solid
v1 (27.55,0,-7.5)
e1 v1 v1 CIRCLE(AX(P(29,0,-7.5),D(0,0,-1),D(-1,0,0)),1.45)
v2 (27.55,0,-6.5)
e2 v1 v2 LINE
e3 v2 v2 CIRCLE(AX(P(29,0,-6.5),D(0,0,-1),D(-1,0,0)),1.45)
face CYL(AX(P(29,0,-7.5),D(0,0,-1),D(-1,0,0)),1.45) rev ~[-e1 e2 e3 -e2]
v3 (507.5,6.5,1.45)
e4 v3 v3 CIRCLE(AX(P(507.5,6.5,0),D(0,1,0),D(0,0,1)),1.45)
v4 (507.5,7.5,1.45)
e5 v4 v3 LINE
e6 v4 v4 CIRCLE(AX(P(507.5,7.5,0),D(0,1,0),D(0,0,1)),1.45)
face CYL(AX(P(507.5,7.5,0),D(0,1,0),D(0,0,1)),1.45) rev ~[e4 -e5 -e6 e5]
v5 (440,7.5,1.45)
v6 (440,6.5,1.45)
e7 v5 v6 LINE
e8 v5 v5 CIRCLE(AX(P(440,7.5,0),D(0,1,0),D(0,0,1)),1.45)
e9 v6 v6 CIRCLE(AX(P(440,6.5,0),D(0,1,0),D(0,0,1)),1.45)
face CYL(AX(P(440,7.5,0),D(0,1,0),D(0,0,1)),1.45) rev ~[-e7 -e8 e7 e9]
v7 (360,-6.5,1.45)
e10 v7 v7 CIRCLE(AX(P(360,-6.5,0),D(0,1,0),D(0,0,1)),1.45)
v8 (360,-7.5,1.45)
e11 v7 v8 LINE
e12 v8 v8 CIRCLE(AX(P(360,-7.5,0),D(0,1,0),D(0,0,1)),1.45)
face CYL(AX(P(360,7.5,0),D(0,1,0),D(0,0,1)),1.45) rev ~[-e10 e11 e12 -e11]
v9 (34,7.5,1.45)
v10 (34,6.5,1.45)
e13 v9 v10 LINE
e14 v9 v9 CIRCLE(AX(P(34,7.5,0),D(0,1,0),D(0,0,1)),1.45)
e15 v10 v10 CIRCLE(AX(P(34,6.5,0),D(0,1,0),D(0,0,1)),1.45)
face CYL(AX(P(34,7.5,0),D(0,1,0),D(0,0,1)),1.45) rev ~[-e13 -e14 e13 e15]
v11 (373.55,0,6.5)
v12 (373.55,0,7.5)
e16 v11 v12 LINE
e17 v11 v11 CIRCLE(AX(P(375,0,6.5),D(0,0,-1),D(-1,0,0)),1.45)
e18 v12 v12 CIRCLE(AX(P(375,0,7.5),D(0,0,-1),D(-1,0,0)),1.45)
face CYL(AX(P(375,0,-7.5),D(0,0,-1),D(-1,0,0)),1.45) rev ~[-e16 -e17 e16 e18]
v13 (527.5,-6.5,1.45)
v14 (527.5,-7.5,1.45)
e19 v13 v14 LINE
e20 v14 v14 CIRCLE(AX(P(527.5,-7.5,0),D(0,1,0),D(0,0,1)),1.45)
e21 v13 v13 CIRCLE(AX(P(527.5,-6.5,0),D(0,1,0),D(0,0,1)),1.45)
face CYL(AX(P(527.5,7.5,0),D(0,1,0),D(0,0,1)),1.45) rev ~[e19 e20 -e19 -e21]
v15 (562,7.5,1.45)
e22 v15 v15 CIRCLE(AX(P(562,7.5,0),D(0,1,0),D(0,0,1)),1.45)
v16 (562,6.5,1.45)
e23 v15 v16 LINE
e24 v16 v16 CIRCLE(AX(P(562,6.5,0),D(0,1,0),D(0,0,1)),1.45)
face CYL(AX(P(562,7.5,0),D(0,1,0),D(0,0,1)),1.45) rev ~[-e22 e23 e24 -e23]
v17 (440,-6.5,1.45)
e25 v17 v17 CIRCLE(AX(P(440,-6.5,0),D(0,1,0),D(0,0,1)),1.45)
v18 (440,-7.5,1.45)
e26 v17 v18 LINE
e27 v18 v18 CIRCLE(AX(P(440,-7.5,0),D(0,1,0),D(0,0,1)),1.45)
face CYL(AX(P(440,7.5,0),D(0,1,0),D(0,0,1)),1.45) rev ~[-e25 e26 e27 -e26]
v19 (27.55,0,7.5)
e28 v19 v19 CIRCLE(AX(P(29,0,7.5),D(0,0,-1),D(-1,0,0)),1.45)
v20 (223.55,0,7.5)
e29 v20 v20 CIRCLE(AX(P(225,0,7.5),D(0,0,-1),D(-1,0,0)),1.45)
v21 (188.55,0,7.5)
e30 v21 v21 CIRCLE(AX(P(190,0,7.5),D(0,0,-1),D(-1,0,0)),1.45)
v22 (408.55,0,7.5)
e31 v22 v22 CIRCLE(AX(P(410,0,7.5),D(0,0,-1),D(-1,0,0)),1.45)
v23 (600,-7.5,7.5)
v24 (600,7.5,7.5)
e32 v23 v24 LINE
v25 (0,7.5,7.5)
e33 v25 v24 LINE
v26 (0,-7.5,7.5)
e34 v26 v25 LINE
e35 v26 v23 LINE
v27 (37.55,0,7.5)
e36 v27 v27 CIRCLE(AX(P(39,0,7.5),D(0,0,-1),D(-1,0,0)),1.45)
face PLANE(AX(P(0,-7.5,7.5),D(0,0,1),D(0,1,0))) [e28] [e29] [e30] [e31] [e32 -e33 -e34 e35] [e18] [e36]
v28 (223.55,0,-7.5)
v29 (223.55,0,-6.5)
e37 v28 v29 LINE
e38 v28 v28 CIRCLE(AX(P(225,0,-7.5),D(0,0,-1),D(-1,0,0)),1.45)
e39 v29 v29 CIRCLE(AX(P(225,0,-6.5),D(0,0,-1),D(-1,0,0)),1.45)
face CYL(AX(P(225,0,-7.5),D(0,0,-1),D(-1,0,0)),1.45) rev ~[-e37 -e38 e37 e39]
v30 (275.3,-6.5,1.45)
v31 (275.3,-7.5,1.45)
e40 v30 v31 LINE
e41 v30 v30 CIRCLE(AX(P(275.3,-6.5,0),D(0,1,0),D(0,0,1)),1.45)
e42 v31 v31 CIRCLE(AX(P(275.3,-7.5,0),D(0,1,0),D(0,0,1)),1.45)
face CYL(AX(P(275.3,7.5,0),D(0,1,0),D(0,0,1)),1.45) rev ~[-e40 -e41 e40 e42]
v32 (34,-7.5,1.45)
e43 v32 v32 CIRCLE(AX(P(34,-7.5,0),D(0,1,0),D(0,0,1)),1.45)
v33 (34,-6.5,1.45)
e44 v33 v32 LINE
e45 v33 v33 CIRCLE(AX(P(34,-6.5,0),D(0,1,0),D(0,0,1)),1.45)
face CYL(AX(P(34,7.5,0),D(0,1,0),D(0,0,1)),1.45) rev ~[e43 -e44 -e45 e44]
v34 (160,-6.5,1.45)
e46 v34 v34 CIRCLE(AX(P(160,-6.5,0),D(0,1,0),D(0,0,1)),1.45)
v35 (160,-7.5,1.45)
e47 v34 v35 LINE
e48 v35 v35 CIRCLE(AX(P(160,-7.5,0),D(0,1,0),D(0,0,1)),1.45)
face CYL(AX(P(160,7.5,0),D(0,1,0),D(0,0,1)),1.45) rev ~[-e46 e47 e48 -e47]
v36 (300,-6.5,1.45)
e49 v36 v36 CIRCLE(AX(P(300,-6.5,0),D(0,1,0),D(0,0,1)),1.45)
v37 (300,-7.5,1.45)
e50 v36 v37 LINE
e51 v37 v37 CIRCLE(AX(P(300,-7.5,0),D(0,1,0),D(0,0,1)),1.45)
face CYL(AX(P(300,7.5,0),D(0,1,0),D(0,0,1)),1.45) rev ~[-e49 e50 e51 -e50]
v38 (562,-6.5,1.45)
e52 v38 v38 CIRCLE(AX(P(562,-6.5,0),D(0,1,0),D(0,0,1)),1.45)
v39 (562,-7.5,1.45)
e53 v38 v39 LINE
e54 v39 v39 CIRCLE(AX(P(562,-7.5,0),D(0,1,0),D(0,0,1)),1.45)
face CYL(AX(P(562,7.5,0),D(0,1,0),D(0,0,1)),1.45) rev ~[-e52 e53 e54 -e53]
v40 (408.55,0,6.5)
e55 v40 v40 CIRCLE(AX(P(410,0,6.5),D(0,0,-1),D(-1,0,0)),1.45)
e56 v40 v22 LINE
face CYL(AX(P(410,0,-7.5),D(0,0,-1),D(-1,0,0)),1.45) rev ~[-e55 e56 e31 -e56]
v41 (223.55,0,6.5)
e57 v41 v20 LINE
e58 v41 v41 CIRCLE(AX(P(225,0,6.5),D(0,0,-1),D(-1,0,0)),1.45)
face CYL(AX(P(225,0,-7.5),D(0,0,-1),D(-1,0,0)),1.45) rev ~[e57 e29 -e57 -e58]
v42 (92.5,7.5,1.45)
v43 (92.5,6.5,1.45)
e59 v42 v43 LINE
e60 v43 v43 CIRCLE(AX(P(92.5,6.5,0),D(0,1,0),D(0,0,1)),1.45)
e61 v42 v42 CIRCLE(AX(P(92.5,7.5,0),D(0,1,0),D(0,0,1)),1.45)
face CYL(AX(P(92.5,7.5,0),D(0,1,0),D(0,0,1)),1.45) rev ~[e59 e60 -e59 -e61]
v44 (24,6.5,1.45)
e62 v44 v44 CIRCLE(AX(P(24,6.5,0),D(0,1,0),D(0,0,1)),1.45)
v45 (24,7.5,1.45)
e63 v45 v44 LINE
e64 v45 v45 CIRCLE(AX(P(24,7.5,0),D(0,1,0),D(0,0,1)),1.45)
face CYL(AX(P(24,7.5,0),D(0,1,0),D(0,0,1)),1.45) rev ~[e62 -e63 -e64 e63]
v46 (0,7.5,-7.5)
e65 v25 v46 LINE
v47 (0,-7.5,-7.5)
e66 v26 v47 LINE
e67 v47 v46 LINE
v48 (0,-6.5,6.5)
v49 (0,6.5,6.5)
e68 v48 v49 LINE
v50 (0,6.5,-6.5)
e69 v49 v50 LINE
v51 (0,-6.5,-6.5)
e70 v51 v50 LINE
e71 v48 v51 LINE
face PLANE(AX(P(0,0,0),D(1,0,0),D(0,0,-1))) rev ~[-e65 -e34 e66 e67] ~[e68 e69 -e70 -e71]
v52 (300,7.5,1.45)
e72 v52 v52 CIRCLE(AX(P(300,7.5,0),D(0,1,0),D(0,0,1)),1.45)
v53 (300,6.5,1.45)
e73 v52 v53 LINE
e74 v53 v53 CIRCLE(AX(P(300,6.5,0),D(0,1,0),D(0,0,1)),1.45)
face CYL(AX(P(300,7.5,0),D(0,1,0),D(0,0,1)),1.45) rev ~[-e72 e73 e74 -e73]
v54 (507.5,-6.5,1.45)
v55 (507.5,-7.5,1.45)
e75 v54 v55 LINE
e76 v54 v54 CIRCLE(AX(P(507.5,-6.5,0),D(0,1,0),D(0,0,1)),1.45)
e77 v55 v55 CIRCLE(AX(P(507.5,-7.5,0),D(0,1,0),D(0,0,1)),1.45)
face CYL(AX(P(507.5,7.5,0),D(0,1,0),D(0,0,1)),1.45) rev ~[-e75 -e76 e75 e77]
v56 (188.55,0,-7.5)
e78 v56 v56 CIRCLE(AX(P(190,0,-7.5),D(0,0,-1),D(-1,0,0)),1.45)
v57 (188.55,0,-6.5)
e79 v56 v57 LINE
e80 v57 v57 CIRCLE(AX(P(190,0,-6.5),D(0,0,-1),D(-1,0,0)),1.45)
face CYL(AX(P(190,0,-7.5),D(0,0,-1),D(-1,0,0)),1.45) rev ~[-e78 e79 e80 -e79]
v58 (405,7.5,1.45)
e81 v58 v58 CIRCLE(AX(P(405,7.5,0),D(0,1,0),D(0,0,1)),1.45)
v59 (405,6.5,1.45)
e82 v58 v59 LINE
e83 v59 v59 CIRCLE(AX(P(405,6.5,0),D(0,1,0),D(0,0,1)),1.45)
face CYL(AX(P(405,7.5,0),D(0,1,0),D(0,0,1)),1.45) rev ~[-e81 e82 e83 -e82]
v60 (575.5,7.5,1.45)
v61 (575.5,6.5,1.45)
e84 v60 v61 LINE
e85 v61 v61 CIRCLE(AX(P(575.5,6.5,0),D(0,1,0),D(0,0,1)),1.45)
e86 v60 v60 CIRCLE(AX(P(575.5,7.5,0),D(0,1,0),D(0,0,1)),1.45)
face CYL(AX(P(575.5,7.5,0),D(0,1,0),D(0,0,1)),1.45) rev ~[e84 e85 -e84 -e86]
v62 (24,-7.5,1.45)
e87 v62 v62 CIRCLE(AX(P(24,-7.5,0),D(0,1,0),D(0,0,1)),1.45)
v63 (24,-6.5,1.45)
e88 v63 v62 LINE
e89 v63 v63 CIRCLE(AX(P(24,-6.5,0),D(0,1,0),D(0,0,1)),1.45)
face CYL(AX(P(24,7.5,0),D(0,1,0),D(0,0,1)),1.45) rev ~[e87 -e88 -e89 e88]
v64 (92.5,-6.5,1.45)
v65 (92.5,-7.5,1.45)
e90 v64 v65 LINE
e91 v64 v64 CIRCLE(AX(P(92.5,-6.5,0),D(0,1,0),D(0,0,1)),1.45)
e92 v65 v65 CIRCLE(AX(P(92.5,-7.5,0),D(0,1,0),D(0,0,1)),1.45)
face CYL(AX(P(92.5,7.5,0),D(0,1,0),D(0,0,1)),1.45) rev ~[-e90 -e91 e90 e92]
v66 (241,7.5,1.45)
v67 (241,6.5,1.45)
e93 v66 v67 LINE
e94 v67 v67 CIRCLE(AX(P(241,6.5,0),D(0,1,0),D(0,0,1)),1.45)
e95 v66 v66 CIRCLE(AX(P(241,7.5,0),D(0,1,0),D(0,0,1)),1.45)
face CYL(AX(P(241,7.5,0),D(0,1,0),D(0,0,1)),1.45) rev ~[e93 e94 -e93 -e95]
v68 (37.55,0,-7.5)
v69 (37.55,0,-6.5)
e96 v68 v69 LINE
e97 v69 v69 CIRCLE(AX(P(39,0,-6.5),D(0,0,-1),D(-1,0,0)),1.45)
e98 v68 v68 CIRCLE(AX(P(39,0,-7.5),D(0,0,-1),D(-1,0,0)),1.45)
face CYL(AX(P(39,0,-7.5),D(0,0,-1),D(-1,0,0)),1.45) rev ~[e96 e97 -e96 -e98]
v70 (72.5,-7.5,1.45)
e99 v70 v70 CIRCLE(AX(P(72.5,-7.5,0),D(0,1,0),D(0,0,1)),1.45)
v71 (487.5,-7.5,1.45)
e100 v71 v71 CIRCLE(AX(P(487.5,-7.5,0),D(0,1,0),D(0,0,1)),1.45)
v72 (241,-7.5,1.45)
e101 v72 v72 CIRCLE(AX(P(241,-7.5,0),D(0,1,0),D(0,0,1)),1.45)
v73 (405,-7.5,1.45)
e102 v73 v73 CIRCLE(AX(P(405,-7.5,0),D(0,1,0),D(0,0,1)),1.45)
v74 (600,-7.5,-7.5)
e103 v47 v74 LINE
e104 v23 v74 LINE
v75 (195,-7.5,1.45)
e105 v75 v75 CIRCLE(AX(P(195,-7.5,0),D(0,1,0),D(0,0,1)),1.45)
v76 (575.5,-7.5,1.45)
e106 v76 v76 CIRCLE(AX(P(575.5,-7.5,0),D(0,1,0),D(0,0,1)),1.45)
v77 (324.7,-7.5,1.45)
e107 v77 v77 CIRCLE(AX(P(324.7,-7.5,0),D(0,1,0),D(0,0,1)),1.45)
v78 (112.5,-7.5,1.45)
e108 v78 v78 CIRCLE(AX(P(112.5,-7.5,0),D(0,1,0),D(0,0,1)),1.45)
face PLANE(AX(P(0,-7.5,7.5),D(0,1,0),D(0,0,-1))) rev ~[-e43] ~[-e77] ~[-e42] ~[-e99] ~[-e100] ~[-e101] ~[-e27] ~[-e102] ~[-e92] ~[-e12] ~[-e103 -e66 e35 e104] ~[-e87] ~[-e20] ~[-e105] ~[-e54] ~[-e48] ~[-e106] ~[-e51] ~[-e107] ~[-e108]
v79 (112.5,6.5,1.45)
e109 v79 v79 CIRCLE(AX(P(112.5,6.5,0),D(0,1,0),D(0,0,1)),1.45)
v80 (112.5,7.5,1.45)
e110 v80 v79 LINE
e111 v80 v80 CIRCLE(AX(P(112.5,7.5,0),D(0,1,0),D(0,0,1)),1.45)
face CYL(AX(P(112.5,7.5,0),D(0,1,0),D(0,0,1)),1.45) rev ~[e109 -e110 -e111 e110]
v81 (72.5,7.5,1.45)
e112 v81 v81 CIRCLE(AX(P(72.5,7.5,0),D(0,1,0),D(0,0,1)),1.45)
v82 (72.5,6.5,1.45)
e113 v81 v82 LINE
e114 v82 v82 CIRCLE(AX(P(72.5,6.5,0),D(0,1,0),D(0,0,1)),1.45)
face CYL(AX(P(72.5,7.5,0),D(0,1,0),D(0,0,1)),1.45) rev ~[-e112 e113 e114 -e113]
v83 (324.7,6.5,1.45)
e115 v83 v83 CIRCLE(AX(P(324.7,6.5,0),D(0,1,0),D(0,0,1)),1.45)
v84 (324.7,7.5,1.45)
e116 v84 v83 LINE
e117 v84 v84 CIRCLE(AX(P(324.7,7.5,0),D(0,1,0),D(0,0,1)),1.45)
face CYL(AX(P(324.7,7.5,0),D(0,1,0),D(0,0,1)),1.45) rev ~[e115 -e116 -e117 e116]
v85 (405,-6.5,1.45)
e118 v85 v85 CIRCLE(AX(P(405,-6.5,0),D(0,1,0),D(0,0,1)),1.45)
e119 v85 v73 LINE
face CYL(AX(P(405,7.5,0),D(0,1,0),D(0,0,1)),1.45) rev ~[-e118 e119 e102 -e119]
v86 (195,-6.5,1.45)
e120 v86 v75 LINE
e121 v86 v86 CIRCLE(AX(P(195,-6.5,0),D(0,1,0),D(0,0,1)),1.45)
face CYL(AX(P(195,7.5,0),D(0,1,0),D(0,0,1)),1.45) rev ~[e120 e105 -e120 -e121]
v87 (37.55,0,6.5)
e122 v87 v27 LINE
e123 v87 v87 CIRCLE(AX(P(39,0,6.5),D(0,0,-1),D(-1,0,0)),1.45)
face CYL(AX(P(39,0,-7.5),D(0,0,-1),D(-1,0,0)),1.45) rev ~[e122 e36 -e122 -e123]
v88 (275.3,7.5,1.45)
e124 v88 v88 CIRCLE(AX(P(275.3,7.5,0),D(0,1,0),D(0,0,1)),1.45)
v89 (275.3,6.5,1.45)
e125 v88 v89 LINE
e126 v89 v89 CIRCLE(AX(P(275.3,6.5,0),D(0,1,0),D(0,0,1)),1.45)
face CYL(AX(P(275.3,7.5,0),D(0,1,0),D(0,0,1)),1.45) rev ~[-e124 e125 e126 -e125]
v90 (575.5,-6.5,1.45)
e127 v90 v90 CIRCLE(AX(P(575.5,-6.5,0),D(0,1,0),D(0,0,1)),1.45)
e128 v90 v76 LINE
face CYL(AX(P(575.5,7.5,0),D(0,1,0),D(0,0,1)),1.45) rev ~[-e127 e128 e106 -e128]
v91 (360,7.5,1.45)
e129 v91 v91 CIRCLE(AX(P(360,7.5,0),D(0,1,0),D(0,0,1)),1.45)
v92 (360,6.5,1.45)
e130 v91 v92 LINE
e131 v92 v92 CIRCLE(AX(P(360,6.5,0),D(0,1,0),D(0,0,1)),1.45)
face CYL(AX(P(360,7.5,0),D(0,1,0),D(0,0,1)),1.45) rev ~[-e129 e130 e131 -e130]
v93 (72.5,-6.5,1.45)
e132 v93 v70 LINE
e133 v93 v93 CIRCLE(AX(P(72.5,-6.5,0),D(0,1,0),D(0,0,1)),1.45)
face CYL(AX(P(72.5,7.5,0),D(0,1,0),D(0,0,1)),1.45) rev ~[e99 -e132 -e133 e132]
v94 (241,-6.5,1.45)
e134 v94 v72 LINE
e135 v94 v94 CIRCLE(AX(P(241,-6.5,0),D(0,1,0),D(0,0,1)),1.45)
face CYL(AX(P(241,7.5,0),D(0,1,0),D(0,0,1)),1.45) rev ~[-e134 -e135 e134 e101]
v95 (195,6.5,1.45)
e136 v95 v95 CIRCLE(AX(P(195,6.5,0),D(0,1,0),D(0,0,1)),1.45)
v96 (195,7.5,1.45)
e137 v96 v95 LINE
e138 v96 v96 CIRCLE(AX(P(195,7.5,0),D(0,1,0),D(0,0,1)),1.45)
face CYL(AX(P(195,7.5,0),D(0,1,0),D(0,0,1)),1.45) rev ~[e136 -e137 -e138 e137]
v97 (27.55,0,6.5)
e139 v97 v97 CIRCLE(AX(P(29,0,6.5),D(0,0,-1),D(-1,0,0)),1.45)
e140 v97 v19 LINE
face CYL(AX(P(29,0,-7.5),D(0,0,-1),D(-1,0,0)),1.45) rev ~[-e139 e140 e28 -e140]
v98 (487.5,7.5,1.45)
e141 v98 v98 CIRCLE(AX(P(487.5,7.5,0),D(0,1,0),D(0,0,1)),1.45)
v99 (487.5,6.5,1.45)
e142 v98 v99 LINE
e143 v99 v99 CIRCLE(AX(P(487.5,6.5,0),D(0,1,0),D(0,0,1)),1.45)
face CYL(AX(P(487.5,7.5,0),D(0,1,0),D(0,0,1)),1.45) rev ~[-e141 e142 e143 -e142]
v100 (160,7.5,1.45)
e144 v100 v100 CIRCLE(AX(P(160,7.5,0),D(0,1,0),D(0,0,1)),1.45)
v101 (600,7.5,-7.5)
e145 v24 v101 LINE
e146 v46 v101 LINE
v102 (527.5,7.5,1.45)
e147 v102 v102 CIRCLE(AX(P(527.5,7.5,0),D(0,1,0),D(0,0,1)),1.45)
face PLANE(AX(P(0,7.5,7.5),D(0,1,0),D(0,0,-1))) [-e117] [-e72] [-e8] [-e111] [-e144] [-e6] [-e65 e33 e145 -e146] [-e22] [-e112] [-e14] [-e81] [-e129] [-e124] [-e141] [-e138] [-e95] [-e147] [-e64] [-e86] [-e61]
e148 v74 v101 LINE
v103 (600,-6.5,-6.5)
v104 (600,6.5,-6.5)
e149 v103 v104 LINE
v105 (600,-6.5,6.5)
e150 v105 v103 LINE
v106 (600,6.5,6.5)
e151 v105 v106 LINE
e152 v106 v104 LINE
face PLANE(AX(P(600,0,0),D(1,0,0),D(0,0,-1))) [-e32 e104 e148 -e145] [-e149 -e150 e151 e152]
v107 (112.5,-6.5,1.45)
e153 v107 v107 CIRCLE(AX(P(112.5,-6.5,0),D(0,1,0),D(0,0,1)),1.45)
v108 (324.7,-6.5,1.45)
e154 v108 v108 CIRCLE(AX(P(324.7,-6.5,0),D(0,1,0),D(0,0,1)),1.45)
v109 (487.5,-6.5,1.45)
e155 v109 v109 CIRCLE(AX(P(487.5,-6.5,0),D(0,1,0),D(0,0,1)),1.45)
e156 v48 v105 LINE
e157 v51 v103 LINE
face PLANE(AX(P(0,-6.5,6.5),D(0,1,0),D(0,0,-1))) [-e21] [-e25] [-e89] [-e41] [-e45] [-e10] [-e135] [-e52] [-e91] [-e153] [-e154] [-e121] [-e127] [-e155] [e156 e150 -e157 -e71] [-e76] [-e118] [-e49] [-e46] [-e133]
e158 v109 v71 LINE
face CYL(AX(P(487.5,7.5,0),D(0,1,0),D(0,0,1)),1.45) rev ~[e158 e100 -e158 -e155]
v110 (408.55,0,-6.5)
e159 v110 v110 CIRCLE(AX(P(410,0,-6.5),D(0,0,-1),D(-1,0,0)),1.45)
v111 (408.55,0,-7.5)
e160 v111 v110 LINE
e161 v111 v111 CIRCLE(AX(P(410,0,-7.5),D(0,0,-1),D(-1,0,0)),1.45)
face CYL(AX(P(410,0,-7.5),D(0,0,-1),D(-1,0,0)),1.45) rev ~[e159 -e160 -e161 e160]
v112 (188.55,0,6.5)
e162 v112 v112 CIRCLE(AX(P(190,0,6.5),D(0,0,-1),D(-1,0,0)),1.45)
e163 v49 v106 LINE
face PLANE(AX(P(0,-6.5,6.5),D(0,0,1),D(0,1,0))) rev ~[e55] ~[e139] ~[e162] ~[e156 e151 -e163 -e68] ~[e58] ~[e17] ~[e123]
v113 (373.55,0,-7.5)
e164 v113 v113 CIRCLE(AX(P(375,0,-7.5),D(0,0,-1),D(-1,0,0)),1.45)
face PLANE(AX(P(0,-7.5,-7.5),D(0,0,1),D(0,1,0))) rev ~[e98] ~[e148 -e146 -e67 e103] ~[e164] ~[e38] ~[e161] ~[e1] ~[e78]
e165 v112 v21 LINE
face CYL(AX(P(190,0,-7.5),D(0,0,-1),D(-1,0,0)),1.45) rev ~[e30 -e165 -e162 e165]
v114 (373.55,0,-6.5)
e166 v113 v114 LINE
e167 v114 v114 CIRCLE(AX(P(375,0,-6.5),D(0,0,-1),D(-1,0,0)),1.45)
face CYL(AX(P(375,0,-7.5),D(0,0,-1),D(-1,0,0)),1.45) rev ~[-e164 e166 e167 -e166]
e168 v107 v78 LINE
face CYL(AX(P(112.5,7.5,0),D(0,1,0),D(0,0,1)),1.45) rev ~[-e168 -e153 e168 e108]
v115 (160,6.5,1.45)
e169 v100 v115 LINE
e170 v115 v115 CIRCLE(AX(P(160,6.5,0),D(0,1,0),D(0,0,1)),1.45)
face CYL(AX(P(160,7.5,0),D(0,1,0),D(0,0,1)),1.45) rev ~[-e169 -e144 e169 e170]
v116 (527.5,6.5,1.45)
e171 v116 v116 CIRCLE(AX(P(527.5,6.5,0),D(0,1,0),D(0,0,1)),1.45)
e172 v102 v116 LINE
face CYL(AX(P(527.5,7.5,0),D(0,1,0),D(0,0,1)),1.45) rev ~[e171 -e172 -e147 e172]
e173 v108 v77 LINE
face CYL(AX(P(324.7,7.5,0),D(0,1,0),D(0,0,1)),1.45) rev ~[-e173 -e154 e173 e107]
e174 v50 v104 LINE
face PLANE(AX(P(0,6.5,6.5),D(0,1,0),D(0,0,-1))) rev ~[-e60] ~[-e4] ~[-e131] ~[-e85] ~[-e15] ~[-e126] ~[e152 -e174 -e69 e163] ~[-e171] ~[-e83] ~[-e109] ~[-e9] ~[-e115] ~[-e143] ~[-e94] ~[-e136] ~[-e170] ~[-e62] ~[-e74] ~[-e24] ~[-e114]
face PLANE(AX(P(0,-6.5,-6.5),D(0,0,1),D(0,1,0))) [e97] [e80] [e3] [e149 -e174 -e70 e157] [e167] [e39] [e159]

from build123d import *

# Parameters (mm, degrees)
SKETCH_1_W          = 15
SKETCH_1_H          = 15
SKETCH_1_W_2        = 13
SKETCH_1_H_2        = 13
EXTRUDE_1_DEPTH     = 600
SKETCH_2_R          = 1.45
CUT_EXTRUDE_1_DEPTH = 601.234329242
SKETCH_3_R          = 1.45
CUT_EXTRUDE_2_DEPTH = 601.234329242


with BuildPart() as part:
    # 草图1 → 凸台-拉伸1 (new body)
    with BuildSketch(Plane(origin=(0, 0, 0), x_dir=(0, 0, -1), z_dir=(1, 0, 0))):
        Rectangle(SKETCH_1_W, SKETCH_1_H)
        Rectangle(SKETCH_1_W_2, SKETCH_1_H_2, mode=Mode.SUBTRACT)
    extrude(amount=EXTRUDE_1_DEPTH)

    # 草图2 → 切除-拉伸1 (cut, through all)
    with BuildSketch(Plane(origin=(0, 7.5, 0), x_dir=(1, 0, 0), z_dir=(0, 1, 0))):
        with Locations(Location((487.5, 0, 0), (0, 0, 270))):
            Circle(SKETCH_2_R)
        with Locations(Location((507.5, 0, 0), (0, 0, 270))):
            Circle(SKETCH_2_R)
        with Locations(Location((527.5, 0, 0), (0, 0, 270))):
            Circle(SKETCH_2_R)
        with Locations(Location((72.5, 0, 0), (0, 0, 270))):
            Circle(SKETCH_2_R)
        with Locations(Location((92.5, 0, 0), (0, 0, 270))):
            Circle(SKETCH_2_R)
        with Locations(Location((112.5, 0, 0), (0, 0, 270))):
            Circle(SKETCH_2_R)
        with Locations(Location((34, 0, 0), (0, 0, 270))):
            Circle(SKETCH_2_R)
        with Locations(Location((160, 0, 0), (0, 0, 270))):
            Circle(SKETCH_2_R)
        with Locations(Location((195, 0, 0), (0, 0, 270))):
            Circle(SKETCH_2_R)
        with Locations(Location((275.3, 0, 0), (0, 0, 270))):
            Circle(SKETCH_2_R)
        with Locations(Location((300, 0, 0), (0, 0, 270))):
            Circle(SKETCH_2_R)
        with Locations(Location((324.7, 0, 0), (0, 0, 270))):
            Circle(SKETCH_2_R)
        with Locations(Location((405, 0, 0), (0, 0, 270))):
            Circle(SKETCH_2_R)
        with Locations(Location((440, 0, 0), (0, 0, 270))):
            Circle(SKETCH_2_R)
        with Locations(Location((562, 0, 0), (0, 0, 270))):
            Circle(SKETCH_2_R)
        with Locations(Location((575.5, 0, 0), (0, 0, 270))):
            Circle(SKETCH_2_R)
        with Locations(Location((24, 0, 0), (0, 0, 270))):
            Circle(SKETCH_2_R)
        with Locations(Location((360, 0, 0), (0, 0, 270))):
            Circle(SKETCH_2_R)
        with Locations(Location((241, 0, 0), (0, 0, 270))):
            Circle(SKETCH_2_R)
    extrude(amount=-CUT_EXTRUDE_1_DEPTH, mode=Mode.SUBTRACT)

    # 草图3 → 切除-拉伸2 (cut, through all)
    with BuildSketch(Plane(origin=(0, 0, -7.5), x_dir=(-1, 0, 0), z_dir=(0, 0, -1))):
        with Locations((-375, 0)):
            Circle(SKETCH_3_R)
        with Locations((-410, 0)):
            Circle(SKETCH_3_R)
        with Locations((-29, 0)):
            Circle(SKETCH_3_R)
        with Locations((-39, 0)):
            Circle(SKETCH_3_R)
        with Locations((-190, 0)):
            Circle(SKETCH_3_R)
        with Locations((-225, 0)):
            Circle(SKETCH_3_R)
    extrude(amount=-CUT_EXTRUDE_2_DEPTH, mode=Mode.SUBTRACT)


solid = part.part
